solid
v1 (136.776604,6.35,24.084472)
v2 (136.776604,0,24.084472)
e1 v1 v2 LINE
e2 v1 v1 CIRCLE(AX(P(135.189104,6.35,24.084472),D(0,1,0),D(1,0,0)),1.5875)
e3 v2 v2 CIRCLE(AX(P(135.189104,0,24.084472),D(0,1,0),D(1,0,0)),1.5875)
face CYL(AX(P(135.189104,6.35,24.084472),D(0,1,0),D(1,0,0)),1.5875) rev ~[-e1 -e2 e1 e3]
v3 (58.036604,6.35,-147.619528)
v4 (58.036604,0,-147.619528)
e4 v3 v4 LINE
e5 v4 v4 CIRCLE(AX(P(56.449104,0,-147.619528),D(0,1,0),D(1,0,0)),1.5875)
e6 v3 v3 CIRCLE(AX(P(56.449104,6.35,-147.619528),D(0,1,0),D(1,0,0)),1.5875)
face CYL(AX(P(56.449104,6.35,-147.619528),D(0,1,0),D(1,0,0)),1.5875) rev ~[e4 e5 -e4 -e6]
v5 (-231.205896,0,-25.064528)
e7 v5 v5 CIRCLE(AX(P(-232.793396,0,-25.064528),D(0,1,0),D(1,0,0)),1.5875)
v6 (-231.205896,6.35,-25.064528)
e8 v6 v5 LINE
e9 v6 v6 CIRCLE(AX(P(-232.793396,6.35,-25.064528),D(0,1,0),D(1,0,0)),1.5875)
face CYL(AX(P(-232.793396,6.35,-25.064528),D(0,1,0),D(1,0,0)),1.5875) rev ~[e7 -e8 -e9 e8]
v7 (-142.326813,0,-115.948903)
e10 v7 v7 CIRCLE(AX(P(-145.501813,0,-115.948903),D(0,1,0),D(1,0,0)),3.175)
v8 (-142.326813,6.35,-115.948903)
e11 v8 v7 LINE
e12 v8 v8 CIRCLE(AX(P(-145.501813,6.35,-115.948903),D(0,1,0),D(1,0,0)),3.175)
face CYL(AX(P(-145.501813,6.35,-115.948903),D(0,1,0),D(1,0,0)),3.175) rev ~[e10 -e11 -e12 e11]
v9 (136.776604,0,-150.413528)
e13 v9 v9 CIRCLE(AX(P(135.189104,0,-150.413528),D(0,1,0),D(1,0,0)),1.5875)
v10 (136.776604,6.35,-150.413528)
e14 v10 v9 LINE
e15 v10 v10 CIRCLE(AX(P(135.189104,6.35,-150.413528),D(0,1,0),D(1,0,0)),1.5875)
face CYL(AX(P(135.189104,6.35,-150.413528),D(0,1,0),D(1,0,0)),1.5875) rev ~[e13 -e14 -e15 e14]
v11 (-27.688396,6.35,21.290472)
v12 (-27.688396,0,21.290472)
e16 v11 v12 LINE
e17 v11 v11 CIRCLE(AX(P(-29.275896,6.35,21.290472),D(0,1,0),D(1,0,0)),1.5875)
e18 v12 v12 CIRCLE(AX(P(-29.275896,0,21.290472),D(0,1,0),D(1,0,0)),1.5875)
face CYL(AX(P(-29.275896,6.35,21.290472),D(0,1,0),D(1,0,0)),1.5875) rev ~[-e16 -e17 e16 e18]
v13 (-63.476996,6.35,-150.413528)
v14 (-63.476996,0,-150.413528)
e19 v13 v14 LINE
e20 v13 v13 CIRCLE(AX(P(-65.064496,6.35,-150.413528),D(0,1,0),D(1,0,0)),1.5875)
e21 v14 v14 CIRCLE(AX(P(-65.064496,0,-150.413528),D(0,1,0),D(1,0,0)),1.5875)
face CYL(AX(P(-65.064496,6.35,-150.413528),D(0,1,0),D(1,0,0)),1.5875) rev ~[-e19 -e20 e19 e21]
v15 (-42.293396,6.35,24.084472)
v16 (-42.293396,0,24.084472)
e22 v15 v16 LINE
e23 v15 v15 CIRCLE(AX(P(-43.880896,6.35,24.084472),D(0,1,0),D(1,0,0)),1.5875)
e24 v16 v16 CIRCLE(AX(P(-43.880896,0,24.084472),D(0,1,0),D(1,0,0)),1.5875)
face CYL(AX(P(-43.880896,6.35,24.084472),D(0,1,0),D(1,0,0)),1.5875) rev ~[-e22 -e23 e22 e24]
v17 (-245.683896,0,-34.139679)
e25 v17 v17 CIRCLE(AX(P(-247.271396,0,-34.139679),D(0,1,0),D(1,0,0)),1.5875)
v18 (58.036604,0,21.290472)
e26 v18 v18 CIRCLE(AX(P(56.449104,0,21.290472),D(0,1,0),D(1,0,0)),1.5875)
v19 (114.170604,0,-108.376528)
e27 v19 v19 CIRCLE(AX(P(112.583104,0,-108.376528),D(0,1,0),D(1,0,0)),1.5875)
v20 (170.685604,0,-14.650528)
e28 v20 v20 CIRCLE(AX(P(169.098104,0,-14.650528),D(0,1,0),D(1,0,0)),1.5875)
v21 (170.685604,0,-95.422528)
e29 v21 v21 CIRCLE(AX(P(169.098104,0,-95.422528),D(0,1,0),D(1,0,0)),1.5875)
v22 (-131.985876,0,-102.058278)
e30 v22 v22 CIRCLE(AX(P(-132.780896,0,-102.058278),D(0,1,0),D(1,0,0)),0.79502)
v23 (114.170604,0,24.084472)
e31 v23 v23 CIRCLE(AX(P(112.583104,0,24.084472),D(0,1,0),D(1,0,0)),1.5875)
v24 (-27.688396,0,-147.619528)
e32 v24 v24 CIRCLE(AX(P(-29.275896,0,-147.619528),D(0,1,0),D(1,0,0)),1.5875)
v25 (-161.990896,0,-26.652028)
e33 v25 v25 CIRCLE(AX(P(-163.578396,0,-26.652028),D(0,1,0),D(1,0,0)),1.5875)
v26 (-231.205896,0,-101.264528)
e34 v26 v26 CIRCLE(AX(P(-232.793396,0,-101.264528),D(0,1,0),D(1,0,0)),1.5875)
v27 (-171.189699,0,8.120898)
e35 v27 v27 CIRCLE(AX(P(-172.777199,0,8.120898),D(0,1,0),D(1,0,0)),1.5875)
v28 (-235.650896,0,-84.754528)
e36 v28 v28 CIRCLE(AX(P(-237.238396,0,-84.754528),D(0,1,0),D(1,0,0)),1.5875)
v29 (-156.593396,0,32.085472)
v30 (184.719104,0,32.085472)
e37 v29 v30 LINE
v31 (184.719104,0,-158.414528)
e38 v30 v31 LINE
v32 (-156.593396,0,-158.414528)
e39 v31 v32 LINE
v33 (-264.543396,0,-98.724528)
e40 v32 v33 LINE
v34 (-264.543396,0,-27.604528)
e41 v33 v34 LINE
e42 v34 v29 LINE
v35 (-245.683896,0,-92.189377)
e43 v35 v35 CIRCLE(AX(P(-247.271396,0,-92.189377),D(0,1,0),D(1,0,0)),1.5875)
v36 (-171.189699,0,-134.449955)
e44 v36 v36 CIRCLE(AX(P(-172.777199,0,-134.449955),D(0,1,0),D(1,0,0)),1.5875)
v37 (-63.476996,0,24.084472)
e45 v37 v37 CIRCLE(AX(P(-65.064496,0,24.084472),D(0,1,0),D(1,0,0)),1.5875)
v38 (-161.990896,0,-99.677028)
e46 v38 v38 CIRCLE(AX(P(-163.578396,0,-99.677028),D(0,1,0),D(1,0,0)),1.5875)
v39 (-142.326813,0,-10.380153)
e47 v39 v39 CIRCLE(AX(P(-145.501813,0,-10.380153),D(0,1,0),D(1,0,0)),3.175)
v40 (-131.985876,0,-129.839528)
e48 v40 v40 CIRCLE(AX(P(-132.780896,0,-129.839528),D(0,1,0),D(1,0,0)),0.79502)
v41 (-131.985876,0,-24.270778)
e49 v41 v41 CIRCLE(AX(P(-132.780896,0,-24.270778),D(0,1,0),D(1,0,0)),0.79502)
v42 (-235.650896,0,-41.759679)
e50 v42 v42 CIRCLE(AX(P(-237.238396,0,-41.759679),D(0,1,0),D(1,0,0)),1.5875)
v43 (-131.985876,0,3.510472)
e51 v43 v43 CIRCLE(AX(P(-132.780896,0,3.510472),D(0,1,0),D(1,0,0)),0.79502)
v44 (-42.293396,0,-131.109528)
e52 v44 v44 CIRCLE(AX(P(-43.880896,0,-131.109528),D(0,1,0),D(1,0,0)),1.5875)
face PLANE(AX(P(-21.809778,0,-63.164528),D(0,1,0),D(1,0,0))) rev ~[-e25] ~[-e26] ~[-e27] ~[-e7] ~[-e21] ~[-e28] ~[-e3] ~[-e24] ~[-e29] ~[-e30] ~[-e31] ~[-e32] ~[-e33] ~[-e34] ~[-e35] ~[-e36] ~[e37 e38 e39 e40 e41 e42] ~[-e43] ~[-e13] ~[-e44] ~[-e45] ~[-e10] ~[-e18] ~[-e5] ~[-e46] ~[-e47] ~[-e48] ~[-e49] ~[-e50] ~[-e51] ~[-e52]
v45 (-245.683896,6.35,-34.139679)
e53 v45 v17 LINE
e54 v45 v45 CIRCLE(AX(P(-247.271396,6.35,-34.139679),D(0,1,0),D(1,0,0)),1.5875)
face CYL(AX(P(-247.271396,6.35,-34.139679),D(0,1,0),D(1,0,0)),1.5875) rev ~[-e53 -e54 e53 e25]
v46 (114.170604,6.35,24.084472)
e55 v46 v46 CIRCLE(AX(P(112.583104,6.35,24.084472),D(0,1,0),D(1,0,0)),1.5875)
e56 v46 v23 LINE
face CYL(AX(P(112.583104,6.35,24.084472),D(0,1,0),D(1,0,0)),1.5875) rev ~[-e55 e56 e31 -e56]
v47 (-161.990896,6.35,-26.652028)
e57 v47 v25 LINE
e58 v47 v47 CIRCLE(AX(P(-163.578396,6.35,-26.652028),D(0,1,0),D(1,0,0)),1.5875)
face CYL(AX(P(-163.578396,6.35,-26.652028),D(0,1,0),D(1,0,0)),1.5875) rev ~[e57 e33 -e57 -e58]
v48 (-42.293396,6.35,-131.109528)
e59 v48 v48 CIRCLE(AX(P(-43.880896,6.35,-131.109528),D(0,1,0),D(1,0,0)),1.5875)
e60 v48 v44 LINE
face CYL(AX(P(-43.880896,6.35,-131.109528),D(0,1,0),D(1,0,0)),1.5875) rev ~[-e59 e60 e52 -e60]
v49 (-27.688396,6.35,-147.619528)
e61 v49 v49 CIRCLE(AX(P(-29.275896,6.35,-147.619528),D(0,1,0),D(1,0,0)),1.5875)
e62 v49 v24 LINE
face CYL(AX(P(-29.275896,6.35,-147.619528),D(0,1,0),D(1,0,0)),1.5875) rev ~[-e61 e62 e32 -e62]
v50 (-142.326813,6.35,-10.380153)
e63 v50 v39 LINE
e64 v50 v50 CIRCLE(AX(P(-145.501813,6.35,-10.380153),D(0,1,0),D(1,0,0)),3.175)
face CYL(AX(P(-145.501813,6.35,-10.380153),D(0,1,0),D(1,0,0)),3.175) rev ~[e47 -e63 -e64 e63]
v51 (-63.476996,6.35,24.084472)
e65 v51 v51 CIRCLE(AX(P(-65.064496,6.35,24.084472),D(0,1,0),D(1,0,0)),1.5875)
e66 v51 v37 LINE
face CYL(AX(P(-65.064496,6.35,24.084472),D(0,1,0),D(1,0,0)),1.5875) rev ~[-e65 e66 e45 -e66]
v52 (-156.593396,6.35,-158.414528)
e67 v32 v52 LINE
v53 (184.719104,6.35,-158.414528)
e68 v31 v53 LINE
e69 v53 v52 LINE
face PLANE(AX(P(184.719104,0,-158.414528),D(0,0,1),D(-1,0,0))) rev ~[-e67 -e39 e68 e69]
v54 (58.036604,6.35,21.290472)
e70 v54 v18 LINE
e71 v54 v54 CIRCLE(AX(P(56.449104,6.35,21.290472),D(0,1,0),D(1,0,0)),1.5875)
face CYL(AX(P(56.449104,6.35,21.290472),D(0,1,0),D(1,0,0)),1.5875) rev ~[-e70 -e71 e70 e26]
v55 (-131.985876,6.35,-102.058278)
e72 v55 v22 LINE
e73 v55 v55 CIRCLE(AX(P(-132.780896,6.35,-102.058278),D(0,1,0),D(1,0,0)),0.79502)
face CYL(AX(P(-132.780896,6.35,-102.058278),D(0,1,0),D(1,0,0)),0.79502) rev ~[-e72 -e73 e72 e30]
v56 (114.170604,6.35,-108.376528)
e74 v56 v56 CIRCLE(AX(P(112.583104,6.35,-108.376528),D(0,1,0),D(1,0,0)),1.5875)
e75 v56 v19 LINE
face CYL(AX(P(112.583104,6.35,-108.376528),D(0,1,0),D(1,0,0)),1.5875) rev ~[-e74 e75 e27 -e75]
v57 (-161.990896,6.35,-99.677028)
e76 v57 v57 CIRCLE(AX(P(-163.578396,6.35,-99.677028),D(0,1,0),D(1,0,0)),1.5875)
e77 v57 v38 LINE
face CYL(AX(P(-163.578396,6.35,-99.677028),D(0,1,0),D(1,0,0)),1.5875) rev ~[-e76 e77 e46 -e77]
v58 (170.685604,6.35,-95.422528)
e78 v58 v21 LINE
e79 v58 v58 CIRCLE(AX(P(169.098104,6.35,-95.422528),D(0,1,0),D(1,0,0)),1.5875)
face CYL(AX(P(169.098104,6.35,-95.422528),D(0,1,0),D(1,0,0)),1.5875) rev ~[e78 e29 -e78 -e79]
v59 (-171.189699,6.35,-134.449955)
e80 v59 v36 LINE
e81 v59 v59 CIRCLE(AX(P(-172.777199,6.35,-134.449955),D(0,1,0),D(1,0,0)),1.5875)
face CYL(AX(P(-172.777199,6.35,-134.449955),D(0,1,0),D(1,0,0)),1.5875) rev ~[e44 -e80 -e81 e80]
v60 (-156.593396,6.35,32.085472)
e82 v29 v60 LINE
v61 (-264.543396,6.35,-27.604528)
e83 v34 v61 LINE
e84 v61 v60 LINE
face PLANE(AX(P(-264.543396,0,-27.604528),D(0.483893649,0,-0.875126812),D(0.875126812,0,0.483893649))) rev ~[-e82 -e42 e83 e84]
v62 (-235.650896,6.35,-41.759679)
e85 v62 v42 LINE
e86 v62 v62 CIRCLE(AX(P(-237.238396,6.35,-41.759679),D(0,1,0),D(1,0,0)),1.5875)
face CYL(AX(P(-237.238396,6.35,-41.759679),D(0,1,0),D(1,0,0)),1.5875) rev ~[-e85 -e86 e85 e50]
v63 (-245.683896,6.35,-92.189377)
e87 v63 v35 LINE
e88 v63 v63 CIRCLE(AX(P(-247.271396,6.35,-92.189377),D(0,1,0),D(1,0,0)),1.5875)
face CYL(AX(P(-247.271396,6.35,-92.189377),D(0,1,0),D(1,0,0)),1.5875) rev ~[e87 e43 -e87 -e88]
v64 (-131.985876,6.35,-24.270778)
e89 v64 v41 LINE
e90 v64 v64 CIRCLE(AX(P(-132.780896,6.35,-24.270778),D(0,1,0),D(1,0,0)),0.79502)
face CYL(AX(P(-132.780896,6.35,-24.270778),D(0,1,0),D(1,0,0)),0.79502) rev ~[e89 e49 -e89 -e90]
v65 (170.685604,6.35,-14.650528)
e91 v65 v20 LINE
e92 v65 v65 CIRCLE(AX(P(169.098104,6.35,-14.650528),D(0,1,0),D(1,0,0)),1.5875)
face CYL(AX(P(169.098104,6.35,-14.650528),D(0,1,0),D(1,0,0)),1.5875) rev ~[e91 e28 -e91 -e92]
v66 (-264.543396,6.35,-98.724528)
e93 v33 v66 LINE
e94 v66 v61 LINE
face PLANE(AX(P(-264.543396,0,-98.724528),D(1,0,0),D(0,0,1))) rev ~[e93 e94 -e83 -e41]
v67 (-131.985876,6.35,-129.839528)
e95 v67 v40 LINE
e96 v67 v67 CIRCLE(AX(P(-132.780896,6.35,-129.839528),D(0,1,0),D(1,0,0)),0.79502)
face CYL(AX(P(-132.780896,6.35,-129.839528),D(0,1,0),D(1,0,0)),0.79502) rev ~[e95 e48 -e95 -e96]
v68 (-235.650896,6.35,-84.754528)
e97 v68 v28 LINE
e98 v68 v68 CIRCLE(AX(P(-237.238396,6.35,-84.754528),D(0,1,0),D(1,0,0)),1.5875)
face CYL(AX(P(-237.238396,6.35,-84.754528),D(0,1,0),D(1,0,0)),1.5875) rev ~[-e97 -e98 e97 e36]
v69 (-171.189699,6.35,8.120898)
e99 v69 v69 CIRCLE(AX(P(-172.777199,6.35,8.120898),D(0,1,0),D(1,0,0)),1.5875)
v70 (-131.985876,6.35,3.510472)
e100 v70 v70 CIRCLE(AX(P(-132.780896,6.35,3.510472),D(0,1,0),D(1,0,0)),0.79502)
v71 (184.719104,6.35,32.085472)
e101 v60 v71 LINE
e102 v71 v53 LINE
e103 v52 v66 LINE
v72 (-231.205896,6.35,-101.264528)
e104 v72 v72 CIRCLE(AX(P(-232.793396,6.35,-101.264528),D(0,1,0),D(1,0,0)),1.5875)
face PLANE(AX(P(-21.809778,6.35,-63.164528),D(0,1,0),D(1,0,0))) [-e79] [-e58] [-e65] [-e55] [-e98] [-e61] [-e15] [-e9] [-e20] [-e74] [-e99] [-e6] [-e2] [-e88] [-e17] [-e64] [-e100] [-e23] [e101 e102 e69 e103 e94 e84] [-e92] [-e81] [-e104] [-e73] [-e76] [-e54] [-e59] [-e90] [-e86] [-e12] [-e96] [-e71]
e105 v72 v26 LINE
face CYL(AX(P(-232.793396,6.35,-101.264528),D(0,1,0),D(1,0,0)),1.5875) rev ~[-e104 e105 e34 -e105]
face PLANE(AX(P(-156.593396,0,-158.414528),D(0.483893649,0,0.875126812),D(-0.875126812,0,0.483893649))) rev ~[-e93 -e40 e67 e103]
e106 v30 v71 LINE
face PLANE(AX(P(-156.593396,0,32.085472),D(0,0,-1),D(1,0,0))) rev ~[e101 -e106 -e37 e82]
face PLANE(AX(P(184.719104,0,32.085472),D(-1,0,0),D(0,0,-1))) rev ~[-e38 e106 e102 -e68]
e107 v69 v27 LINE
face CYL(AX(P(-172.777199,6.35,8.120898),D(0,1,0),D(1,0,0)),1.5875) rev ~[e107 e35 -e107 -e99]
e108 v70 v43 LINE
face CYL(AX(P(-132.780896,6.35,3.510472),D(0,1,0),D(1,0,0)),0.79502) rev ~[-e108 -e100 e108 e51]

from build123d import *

# Parameters (mm, degrees)
BOSS_EXTRUDE1_DEPTH = 6.35
SKETCH4_R           = 1.5875
SKETCH4_R_2         = 0.79502
SKETCH4_R_3         = 3.175
CUT_EXTRUDE1_DEPTH  = 7.35


with BuildPart() as part:
    # Sketch2 → Boss-Extrude1 (new body)
    with BuildSketch(Plane(origin=(0, 0, 0), x_dir=(1, 0, 0), z_dir=(0, 1, 0))):
        Polygon((-264.543396226, 98.724528302), (-264.543396226, 27.604528302), (-156.593396226, -32.085471698), (184.719103774, -32.085471698), (184.719103774, 158.414528302), (-156.593396226, 158.414528302), align=None)
    extrude(amount=BOSS_EXTRUDE1_DEPTH)

    # Sketch4 → Cut-Extrude1 (cut, through all)
    with BuildSketch(Plane(origin=(0, 6.35, 0), x_dir=(1, 0, 0), z_dir=(0, 1, 0))):
        with Locations((135.189103774, 150.413528302)):
            Circle(SKETCH4_R)
        with Locations((169.098103774, 14.650528302)):
            Circle(SKETCH4_R)
        with Locations((169.098103774, 95.422528302)):
            Circle(SKETCH4_R)
        with Locations((112.583103774, 108.376528302)):
            Circle(SKETCH4_R)
        with Locations((56.449103774, 147.619528302)):
            Circle(SKETCH4_R)
        with Locations((-29.275896226, 147.619528302)):
            Circle(SKETCH4_R)
        with Locations((-65.064496226, 150.413528302)):
            Circle(SKETCH4_R)
        with Locations((-43.880896226, 131.109528302)):
            Circle(SKETCH4_R)
        with Locations((-132.780896226, 129.839528302)):
            Circle(SKETCH4_R_2)
        with Locations((-132.780896226, 102.058278302)):
            Circle(SKETCH4_R_2)
        with Locations((-145.501812631, 115.948903302)):
            Circle(SKETCH4_R_3)
        with Locations((-237.238396226, 84.754528302)):
            Circle(SKETCH4_R)
        with Locations((-237.238396226, 41.759679404)):
            Circle(SKETCH4_R)
        with Locations((-163.578396226, 26.652028302)):
            Circle(SKETCH4_R)
        with Locations((-163.578396226, 99.677028302)):
            Circle(SKETCH4_R)
        with Locations((-247.271396226, 34.139679404)):
            Circle(SKETCH4_R)
        with Locations((-247.271396226, 92.1893772)):
            Circle(SKETCH4_R)
        with Locations((-232.793396226, 25.064528302)):
            Circle(SKETCH4_R)
        with Locations((-172.777199478, -8.120898136)):
            Circle(SKETCH4_R)
        with Locations((-172.777199478, 134.449954739)):
            Circle(SKETCH4_R)
        with Locations((-232.793396226, 101.264528302)):
            Circle(SKETCH4_R)
        with Locations((-132.780896226, -3.510471698)):
            Circle(SKETCH4_R_2)
        with Locations((-132.780896226, 24.270778302)):
            Circle(SKETCH4_R_2)
        with Locations((-145.501812631, 10.380153302)):
            Circle(SKETCH4_R_3)
        with Locations((-43.880896226, -24.084471698)):
            Circle(SKETCH4_R)
        with Locations((-29.275896226, -21.290471698)):
            Circle(SKETCH4_R)
        with Locations((56.449103774, -21.290471698)):
            Circle(SKETCH4_R)
        with Locations((135.189103774, -24.084471698)):
            Circle(SKETCH4_R)
        with Locations((112.583103774, -24.084471698)):
            Circle(SKETCH4_R)
        with Locations((-65.064496226, -24.084471698)):
            Circle(SKETCH4_R)
    extrude(amount=-CUT_EXTRUDE1_DEPTH, mode=Mode.SUBTRACT)


solid = part.part
